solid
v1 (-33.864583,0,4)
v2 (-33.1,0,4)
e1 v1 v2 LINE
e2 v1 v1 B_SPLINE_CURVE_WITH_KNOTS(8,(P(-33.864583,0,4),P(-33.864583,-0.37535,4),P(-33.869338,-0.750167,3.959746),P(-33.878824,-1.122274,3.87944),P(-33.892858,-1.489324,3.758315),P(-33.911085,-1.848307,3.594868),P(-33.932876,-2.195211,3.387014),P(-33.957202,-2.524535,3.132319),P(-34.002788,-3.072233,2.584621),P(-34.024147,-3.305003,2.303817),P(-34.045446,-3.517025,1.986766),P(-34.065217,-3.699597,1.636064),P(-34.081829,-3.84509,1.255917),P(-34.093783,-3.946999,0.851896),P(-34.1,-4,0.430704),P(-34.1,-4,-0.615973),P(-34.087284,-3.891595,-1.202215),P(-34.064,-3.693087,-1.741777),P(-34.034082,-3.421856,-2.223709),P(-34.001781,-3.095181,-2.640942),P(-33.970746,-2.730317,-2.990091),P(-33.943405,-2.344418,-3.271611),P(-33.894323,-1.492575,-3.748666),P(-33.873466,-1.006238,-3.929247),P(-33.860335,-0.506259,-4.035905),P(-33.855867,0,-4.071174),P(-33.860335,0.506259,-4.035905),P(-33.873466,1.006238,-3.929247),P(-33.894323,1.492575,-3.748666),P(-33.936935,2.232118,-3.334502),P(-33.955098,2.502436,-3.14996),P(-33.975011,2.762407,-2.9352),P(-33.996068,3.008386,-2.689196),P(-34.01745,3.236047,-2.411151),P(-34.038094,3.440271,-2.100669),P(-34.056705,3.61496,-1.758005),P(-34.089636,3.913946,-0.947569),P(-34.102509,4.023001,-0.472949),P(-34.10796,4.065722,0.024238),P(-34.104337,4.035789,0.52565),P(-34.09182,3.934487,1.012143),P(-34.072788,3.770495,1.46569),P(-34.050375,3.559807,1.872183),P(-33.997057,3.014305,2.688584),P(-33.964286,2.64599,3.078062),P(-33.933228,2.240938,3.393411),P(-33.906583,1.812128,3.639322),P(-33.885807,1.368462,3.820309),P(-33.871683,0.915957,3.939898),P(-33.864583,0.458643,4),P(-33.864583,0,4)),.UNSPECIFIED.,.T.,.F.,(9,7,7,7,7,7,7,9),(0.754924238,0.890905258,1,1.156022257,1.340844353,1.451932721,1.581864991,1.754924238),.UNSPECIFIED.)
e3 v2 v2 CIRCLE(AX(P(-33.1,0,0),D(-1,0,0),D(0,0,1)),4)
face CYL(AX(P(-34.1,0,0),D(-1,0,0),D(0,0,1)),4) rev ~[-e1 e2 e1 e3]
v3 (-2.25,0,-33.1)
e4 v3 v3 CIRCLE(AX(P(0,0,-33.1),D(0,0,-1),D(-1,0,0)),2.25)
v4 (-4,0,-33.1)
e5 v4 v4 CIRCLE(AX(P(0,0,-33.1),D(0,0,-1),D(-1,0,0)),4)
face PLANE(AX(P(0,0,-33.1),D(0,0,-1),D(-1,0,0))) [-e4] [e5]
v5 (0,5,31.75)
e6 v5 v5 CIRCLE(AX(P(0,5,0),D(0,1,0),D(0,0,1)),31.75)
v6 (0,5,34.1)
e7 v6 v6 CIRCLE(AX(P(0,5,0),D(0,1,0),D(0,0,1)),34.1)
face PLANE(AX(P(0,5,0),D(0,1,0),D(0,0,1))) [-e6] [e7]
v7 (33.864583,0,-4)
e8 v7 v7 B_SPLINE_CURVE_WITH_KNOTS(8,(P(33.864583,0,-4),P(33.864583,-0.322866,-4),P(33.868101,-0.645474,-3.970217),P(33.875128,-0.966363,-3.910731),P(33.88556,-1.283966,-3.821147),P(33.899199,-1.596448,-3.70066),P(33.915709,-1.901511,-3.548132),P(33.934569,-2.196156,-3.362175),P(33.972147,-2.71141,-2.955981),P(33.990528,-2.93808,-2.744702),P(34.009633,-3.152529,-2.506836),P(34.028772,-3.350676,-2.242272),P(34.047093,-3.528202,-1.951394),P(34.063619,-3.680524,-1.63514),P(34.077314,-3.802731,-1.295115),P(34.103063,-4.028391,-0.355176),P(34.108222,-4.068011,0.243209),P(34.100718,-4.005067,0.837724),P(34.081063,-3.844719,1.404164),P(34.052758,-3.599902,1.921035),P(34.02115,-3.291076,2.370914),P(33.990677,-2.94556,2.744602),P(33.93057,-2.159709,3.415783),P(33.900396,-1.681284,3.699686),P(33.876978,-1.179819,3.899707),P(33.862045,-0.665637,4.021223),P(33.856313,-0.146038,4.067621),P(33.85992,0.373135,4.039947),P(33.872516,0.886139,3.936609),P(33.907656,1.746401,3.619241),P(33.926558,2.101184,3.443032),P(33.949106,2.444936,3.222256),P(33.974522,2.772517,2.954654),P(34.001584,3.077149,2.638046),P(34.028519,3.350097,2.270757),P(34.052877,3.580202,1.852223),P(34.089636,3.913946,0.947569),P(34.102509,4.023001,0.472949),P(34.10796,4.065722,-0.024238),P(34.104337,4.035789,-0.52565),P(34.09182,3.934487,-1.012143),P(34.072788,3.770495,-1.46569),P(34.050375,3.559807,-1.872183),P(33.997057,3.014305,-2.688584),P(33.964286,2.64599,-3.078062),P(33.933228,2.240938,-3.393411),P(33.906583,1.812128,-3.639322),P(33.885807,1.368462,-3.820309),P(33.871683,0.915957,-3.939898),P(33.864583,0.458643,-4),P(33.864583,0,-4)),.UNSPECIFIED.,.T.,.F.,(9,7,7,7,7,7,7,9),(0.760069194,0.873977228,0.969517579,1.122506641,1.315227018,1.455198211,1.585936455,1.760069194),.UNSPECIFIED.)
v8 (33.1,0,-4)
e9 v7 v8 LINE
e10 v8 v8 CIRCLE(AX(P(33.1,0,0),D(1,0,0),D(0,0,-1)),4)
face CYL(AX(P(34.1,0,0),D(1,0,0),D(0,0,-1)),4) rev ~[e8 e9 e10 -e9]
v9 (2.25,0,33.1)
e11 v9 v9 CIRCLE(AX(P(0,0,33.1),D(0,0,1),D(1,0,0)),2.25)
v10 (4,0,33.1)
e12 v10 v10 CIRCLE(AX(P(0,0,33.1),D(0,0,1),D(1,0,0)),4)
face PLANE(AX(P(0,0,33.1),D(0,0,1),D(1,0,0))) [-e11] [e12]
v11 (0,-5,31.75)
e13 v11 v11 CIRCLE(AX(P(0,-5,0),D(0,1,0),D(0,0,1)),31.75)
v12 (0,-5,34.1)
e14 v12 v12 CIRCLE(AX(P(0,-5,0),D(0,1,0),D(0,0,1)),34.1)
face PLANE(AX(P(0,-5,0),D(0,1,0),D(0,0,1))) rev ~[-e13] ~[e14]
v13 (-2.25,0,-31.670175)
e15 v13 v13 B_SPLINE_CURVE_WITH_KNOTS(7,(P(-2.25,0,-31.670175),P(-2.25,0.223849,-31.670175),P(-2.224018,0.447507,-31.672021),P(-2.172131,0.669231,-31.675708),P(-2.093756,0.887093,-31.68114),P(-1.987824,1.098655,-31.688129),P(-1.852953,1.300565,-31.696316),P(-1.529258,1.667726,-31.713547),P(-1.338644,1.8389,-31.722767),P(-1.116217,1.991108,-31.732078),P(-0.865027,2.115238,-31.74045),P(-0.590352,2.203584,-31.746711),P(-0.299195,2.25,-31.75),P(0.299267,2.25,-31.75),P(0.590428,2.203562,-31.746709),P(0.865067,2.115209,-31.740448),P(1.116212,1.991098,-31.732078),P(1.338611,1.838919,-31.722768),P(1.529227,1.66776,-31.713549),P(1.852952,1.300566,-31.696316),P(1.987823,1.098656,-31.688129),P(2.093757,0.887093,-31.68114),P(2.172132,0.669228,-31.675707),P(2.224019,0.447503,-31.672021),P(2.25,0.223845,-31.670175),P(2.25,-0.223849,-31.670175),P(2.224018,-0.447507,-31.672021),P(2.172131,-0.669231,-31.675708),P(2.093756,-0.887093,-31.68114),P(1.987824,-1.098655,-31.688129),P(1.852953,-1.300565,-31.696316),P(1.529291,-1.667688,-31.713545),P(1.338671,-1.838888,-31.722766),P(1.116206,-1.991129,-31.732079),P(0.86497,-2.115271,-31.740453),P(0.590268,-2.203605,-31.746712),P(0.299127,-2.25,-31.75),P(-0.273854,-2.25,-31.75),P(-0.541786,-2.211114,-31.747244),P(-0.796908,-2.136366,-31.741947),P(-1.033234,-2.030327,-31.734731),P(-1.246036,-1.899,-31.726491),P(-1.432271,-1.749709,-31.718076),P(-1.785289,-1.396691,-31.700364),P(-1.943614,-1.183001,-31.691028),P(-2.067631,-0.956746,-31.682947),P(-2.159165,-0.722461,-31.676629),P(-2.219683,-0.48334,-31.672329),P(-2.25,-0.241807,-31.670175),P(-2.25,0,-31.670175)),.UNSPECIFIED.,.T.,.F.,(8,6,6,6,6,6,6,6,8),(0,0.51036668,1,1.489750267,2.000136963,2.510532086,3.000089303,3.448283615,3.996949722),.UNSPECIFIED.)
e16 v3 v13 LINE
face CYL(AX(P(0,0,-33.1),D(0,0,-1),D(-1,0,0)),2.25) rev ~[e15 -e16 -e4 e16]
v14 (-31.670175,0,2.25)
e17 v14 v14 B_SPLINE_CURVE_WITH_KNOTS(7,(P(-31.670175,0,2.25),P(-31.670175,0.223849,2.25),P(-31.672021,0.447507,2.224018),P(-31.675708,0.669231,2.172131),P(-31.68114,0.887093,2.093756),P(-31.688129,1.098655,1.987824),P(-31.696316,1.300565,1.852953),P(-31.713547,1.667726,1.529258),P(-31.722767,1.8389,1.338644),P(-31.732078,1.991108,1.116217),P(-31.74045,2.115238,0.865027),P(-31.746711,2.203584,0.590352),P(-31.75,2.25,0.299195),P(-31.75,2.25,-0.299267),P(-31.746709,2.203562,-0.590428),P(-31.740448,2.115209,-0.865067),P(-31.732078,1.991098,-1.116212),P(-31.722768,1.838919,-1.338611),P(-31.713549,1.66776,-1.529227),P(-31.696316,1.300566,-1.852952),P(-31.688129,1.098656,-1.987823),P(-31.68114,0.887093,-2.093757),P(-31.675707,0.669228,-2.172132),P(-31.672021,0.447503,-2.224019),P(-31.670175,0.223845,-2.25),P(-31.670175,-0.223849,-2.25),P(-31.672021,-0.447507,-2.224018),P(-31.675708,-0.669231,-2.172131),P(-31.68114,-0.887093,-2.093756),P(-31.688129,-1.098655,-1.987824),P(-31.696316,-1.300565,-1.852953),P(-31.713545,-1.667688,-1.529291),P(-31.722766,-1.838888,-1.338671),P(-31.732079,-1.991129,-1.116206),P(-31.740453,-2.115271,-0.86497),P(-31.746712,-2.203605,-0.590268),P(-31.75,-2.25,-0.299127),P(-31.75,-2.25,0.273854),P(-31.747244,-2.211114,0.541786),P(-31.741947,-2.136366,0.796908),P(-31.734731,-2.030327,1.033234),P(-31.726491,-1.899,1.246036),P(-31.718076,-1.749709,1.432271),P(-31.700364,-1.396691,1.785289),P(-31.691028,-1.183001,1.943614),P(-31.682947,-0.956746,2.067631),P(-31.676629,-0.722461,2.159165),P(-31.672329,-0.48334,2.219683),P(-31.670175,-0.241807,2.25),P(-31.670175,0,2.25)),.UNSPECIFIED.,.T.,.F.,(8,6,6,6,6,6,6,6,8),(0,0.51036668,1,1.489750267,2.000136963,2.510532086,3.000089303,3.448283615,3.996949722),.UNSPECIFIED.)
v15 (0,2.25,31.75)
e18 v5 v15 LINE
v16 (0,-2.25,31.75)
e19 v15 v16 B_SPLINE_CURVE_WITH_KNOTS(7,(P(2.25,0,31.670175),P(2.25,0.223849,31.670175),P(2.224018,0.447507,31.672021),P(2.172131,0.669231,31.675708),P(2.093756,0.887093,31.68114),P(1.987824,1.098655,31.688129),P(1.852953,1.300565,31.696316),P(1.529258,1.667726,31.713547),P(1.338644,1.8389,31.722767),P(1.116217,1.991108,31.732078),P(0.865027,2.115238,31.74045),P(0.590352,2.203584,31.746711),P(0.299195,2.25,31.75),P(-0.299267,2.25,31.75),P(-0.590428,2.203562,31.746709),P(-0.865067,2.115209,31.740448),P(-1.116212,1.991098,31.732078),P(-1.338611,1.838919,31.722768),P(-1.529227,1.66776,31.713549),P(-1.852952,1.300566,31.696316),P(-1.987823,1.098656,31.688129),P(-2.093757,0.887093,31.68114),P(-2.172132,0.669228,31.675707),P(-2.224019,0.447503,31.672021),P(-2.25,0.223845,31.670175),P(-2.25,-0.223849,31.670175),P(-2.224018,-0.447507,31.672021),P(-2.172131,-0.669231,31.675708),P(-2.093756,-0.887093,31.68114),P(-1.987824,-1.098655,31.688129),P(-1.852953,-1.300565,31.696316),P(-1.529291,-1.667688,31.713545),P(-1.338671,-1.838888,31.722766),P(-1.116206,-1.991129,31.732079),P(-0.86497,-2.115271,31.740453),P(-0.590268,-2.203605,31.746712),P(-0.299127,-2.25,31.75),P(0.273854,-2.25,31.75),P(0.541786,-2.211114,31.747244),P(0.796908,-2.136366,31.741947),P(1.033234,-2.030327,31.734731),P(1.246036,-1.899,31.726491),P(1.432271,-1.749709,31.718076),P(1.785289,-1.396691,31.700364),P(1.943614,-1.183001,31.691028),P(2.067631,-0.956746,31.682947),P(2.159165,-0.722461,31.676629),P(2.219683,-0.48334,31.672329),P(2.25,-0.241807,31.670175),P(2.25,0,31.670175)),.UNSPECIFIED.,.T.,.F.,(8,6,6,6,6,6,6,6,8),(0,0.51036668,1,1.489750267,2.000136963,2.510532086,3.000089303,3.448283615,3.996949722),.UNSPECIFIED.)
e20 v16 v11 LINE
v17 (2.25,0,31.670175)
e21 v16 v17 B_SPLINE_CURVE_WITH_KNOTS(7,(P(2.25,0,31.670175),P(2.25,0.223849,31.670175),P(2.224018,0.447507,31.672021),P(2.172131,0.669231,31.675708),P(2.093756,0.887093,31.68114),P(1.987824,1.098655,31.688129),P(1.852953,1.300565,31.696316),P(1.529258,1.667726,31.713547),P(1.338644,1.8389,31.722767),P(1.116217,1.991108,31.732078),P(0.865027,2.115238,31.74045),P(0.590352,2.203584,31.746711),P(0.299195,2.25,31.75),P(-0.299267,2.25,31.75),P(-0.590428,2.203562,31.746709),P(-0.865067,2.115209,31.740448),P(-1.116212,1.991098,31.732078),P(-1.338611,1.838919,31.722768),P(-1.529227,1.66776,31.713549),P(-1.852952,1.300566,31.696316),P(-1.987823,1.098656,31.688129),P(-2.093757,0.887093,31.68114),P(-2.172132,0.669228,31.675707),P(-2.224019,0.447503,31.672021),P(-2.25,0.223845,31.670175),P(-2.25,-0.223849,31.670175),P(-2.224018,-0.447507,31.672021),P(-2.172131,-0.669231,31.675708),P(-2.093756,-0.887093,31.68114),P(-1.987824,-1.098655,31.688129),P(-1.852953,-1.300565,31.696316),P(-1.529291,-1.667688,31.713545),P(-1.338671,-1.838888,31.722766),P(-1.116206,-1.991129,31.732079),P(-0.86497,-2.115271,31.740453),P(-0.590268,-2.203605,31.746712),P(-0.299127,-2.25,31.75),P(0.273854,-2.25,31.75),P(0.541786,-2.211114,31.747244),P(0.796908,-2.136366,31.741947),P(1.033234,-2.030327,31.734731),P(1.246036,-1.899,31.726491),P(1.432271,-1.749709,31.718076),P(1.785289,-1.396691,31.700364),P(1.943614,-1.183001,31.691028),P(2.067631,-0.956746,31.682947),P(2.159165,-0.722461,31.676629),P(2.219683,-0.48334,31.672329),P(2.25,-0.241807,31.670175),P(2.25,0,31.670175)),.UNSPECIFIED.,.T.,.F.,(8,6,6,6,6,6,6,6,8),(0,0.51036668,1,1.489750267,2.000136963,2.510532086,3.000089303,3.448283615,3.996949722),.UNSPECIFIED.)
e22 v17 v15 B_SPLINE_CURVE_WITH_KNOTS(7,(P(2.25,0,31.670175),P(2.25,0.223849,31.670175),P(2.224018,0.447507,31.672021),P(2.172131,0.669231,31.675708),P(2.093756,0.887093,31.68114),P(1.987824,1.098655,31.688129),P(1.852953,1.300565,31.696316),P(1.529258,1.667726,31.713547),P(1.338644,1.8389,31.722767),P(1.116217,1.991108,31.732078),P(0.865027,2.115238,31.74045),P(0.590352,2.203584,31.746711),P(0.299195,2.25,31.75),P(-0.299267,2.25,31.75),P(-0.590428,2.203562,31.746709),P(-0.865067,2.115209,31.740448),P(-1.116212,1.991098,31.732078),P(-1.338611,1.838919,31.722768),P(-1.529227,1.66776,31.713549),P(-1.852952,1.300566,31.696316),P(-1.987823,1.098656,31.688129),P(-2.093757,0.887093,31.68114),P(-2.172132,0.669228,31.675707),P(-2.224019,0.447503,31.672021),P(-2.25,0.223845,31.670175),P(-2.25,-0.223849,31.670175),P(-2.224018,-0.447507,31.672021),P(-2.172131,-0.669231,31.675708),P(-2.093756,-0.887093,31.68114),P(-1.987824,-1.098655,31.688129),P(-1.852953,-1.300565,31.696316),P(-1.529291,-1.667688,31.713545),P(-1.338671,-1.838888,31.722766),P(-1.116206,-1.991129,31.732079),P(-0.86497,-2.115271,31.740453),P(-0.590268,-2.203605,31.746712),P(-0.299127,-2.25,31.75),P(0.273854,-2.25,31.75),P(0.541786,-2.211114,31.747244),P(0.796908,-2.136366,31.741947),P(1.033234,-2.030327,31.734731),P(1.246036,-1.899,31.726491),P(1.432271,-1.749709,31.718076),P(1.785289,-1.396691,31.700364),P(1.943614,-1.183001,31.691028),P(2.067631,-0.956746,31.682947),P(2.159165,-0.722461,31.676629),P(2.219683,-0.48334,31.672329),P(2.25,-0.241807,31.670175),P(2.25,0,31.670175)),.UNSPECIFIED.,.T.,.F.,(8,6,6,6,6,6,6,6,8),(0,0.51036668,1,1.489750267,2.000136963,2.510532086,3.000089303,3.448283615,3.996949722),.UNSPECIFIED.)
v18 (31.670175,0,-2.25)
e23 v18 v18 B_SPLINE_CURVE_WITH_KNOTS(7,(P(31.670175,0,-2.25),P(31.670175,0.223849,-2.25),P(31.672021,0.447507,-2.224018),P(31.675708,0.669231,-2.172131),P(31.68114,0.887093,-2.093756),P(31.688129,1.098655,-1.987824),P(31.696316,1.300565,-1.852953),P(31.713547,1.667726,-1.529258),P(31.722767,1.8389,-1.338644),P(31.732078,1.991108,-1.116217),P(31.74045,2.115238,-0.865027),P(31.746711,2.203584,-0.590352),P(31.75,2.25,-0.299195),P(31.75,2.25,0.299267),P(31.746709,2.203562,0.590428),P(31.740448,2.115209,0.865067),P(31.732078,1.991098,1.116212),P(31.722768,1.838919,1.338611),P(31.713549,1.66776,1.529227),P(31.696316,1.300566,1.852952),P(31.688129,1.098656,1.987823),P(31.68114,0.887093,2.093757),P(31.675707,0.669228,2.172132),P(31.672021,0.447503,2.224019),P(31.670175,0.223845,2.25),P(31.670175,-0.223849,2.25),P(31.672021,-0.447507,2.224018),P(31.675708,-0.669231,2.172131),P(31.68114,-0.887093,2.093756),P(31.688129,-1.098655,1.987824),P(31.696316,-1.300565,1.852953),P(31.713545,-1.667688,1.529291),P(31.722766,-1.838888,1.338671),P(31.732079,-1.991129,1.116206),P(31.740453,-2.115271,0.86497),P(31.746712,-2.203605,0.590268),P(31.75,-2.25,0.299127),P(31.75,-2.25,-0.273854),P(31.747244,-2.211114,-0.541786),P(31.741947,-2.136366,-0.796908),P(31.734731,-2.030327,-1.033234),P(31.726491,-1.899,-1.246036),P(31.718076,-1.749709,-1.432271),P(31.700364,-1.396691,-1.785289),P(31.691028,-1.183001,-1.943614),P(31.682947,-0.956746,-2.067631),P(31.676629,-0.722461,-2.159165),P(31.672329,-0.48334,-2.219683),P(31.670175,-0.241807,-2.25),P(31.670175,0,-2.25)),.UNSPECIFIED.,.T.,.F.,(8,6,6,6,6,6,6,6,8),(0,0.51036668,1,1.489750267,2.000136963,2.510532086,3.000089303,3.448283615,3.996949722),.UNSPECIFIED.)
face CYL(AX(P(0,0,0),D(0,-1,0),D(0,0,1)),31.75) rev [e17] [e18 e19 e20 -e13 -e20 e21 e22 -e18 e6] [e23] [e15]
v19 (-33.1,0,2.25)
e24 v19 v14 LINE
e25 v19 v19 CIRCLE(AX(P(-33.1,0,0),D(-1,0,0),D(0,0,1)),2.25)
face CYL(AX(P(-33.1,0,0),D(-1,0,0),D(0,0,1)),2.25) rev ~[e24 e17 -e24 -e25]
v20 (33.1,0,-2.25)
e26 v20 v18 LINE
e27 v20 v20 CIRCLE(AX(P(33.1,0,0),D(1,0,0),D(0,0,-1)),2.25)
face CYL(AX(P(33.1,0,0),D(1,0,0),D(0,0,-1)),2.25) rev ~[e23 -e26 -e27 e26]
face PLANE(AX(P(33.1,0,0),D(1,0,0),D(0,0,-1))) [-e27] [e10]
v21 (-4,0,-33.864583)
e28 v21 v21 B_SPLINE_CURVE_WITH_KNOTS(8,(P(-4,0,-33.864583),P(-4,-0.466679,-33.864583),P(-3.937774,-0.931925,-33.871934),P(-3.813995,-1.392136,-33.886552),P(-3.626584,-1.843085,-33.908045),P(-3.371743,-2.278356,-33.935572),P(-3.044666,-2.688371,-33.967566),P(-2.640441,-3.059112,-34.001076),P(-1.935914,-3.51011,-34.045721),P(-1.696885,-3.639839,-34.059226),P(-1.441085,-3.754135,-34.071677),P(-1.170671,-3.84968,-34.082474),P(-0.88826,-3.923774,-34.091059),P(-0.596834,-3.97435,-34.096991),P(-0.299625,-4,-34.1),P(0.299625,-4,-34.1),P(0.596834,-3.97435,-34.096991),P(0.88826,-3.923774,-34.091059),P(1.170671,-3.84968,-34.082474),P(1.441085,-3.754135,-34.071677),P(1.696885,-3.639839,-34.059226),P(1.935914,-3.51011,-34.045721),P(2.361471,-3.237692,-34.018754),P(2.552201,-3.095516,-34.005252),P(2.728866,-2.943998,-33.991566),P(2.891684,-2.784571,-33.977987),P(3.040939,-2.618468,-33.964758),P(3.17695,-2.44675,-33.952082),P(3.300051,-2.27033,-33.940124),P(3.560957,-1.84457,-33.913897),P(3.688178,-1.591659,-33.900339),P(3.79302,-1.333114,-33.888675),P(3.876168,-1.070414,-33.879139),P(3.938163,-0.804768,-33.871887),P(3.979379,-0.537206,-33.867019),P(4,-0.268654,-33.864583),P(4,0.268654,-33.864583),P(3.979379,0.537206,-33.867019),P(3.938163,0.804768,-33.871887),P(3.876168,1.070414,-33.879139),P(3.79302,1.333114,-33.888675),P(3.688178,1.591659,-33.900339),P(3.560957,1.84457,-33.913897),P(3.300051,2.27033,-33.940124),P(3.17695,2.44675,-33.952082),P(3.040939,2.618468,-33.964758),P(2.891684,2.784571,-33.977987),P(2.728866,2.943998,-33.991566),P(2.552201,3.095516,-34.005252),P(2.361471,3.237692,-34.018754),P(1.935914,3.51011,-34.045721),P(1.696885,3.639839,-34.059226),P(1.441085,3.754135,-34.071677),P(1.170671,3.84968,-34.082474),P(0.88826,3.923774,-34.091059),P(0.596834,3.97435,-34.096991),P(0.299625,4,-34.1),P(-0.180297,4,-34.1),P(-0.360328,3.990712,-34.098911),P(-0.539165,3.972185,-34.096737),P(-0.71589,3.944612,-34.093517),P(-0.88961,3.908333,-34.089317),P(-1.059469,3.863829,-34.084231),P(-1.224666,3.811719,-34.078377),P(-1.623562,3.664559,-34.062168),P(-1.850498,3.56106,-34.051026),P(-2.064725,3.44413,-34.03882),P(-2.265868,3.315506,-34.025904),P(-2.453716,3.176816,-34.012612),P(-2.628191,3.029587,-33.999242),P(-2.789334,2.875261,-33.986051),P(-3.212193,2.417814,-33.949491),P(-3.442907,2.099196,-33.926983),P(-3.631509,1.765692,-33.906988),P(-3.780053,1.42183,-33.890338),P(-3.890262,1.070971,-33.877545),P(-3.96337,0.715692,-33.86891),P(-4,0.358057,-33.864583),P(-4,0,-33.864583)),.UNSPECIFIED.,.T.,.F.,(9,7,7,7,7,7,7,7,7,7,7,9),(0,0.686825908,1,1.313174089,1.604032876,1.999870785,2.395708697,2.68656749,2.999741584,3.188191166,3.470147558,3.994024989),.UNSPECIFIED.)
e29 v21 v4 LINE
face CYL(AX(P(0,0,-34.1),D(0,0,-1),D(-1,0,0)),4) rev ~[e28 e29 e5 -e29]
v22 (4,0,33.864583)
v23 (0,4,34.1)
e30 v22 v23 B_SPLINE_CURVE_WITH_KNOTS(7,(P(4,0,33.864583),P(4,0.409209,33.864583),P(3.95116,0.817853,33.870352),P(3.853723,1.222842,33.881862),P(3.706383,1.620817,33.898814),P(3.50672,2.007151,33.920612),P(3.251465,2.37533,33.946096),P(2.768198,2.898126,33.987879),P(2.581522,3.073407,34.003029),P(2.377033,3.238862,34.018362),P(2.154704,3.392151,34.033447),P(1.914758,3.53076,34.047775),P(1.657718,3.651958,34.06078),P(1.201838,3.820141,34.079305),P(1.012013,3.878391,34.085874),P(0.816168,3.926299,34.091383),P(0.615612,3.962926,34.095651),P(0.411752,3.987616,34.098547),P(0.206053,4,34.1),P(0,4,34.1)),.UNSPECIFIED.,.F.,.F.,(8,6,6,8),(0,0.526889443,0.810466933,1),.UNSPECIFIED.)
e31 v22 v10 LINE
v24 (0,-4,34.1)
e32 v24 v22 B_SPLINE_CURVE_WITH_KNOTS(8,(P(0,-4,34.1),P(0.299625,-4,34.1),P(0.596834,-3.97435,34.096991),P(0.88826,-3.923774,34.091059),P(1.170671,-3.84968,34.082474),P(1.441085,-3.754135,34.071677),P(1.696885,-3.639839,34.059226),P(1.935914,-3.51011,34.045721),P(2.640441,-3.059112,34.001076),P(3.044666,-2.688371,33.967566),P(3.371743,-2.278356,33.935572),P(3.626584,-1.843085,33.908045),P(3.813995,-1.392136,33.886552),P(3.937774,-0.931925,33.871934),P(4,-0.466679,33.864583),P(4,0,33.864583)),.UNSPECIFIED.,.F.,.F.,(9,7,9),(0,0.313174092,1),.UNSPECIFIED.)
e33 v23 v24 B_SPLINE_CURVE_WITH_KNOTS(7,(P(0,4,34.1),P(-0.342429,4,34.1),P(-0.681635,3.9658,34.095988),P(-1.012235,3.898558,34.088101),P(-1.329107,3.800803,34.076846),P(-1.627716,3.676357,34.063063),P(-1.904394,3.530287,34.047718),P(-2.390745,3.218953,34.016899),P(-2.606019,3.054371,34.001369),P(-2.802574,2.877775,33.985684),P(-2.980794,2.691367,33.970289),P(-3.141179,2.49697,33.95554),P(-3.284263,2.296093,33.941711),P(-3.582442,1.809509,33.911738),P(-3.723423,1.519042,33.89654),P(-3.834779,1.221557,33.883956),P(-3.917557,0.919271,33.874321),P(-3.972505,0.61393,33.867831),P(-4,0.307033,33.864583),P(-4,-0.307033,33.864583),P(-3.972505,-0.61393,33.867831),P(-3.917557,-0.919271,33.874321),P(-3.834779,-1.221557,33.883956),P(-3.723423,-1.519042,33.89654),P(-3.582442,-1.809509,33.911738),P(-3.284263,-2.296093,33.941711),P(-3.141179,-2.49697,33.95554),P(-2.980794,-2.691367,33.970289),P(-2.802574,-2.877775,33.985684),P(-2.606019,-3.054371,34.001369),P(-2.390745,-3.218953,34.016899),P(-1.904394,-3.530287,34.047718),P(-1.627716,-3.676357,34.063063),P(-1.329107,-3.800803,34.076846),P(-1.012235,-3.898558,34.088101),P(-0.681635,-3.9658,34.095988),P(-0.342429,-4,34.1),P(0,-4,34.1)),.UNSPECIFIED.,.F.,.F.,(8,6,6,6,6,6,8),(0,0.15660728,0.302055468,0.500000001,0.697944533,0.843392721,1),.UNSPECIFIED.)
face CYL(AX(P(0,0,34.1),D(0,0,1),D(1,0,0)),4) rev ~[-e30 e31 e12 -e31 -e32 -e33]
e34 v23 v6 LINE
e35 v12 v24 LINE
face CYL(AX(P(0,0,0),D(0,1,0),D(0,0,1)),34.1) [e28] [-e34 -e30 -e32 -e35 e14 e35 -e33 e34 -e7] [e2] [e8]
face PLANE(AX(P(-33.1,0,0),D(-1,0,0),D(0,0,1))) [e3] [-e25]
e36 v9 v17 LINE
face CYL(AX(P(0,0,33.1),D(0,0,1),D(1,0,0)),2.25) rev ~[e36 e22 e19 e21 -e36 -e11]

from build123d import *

# Parameters (mm, degrees)
SKETCH1_R               = 34.1
SKETCH1_R_2             = 31.75
BOSS_EXTRUDE1_DEPTH     = 5
SKETCH2_R               = 4
CUT_EXTRUDE1_DEPTH      = 1
CUT_EXTRUDE2_REACH      = 77.523
CUT_EXTRUDE2_END_RADIUS = 31.75
SKETCH3_R               = 2.25
CIRPATTERN1_COUNT       = 4


with BuildPart() as part:
    # Sketch1 → Boss-Extrude1 (new, symmetric)
    with BuildSketch(Plane(origin=(0, 0, 0), x_dir=(1, 0, 0), z_dir=(0, 1, 0))):
        with Locations(Location((0, 0, 0), (0, 0, 270))):
            Circle(SKETCH1_R)
        with Locations(Location((0, 0, 0), (0, 0, 270))):
            Circle(SKETCH1_R_2, mode=Mode.SUBTRACT)
    extrude(amount=BOSS_EXTRUDE1_DEPTH, both=True)

    # Sketch2 → Cut-Extrude1 (cut)
    with BuildSketch(Plane(origin=(0, 0, -34.1), x_dir=(-1, 0, 0), z_dir=(0, 0, -1))):
        Circle(SKETCH2_R)
    cut_extrude1 = extrude(amount=-CUT_EXTRUDE1_DEPTH, mode=Mode.SUBTRACT)

    # Cut-Extrude2: up to this cylinder (the profile starts outside it)
    cut_extrude2_end = Plane(origin=(0, 0, 0), z_dir=(0, -1, 0)) * Cylinder(CUT_EXTRUDE2_END_RADIUS, 219.546, mode=Mode.PRIVATE)
    # Sketch3 → Cut-Extrude2 (cut, up to the surface)
    with BuildSketch(Plane(origin=(0, 0, -33.1), x_dir=(-1, 0, 0), z_dir=(0, 0, -1)), mode=Mode.PRIVATE) as cut_extrude2_sk1:
        Circle(SKETCH3_R)
    cut_extrude2_tool1 = extrude(cut_extrude2_sk1.sketch, amount=-CUT_EXTRUDE2_REACH, mode=Mode.PRIVATE) - cut_extrude2_end
    cut_extrude2 = cut_extrude2_tool1.solids().sort_by_distance((0, 0, -33.1))[0]
    add(cut_extrude2, mode=Mode.SUBTRACT)

    # CirPattern1: Cut-Extrude1, Cut-Extrude2 ×4 about axis
    cirpattern1_axis = Axis((0, 0, 0), (0, 1, 0))
    add([cut_extrude1.rotate(cirpattern1_axis, i * 360 / CIRPATTERN1_COUNT) for i in range(1, CIRPATTERN1_COUNT)], mode=Mode.SUBTRACT)
    add([cut_extrude2.rotate(cirpattern1_axis, i * 360 / CIRPATTERN1_COUNT) for i in range(1, CIRPATTERN1_COUNT)], mode=Mode.SUBTRACT)


solid = part.part
